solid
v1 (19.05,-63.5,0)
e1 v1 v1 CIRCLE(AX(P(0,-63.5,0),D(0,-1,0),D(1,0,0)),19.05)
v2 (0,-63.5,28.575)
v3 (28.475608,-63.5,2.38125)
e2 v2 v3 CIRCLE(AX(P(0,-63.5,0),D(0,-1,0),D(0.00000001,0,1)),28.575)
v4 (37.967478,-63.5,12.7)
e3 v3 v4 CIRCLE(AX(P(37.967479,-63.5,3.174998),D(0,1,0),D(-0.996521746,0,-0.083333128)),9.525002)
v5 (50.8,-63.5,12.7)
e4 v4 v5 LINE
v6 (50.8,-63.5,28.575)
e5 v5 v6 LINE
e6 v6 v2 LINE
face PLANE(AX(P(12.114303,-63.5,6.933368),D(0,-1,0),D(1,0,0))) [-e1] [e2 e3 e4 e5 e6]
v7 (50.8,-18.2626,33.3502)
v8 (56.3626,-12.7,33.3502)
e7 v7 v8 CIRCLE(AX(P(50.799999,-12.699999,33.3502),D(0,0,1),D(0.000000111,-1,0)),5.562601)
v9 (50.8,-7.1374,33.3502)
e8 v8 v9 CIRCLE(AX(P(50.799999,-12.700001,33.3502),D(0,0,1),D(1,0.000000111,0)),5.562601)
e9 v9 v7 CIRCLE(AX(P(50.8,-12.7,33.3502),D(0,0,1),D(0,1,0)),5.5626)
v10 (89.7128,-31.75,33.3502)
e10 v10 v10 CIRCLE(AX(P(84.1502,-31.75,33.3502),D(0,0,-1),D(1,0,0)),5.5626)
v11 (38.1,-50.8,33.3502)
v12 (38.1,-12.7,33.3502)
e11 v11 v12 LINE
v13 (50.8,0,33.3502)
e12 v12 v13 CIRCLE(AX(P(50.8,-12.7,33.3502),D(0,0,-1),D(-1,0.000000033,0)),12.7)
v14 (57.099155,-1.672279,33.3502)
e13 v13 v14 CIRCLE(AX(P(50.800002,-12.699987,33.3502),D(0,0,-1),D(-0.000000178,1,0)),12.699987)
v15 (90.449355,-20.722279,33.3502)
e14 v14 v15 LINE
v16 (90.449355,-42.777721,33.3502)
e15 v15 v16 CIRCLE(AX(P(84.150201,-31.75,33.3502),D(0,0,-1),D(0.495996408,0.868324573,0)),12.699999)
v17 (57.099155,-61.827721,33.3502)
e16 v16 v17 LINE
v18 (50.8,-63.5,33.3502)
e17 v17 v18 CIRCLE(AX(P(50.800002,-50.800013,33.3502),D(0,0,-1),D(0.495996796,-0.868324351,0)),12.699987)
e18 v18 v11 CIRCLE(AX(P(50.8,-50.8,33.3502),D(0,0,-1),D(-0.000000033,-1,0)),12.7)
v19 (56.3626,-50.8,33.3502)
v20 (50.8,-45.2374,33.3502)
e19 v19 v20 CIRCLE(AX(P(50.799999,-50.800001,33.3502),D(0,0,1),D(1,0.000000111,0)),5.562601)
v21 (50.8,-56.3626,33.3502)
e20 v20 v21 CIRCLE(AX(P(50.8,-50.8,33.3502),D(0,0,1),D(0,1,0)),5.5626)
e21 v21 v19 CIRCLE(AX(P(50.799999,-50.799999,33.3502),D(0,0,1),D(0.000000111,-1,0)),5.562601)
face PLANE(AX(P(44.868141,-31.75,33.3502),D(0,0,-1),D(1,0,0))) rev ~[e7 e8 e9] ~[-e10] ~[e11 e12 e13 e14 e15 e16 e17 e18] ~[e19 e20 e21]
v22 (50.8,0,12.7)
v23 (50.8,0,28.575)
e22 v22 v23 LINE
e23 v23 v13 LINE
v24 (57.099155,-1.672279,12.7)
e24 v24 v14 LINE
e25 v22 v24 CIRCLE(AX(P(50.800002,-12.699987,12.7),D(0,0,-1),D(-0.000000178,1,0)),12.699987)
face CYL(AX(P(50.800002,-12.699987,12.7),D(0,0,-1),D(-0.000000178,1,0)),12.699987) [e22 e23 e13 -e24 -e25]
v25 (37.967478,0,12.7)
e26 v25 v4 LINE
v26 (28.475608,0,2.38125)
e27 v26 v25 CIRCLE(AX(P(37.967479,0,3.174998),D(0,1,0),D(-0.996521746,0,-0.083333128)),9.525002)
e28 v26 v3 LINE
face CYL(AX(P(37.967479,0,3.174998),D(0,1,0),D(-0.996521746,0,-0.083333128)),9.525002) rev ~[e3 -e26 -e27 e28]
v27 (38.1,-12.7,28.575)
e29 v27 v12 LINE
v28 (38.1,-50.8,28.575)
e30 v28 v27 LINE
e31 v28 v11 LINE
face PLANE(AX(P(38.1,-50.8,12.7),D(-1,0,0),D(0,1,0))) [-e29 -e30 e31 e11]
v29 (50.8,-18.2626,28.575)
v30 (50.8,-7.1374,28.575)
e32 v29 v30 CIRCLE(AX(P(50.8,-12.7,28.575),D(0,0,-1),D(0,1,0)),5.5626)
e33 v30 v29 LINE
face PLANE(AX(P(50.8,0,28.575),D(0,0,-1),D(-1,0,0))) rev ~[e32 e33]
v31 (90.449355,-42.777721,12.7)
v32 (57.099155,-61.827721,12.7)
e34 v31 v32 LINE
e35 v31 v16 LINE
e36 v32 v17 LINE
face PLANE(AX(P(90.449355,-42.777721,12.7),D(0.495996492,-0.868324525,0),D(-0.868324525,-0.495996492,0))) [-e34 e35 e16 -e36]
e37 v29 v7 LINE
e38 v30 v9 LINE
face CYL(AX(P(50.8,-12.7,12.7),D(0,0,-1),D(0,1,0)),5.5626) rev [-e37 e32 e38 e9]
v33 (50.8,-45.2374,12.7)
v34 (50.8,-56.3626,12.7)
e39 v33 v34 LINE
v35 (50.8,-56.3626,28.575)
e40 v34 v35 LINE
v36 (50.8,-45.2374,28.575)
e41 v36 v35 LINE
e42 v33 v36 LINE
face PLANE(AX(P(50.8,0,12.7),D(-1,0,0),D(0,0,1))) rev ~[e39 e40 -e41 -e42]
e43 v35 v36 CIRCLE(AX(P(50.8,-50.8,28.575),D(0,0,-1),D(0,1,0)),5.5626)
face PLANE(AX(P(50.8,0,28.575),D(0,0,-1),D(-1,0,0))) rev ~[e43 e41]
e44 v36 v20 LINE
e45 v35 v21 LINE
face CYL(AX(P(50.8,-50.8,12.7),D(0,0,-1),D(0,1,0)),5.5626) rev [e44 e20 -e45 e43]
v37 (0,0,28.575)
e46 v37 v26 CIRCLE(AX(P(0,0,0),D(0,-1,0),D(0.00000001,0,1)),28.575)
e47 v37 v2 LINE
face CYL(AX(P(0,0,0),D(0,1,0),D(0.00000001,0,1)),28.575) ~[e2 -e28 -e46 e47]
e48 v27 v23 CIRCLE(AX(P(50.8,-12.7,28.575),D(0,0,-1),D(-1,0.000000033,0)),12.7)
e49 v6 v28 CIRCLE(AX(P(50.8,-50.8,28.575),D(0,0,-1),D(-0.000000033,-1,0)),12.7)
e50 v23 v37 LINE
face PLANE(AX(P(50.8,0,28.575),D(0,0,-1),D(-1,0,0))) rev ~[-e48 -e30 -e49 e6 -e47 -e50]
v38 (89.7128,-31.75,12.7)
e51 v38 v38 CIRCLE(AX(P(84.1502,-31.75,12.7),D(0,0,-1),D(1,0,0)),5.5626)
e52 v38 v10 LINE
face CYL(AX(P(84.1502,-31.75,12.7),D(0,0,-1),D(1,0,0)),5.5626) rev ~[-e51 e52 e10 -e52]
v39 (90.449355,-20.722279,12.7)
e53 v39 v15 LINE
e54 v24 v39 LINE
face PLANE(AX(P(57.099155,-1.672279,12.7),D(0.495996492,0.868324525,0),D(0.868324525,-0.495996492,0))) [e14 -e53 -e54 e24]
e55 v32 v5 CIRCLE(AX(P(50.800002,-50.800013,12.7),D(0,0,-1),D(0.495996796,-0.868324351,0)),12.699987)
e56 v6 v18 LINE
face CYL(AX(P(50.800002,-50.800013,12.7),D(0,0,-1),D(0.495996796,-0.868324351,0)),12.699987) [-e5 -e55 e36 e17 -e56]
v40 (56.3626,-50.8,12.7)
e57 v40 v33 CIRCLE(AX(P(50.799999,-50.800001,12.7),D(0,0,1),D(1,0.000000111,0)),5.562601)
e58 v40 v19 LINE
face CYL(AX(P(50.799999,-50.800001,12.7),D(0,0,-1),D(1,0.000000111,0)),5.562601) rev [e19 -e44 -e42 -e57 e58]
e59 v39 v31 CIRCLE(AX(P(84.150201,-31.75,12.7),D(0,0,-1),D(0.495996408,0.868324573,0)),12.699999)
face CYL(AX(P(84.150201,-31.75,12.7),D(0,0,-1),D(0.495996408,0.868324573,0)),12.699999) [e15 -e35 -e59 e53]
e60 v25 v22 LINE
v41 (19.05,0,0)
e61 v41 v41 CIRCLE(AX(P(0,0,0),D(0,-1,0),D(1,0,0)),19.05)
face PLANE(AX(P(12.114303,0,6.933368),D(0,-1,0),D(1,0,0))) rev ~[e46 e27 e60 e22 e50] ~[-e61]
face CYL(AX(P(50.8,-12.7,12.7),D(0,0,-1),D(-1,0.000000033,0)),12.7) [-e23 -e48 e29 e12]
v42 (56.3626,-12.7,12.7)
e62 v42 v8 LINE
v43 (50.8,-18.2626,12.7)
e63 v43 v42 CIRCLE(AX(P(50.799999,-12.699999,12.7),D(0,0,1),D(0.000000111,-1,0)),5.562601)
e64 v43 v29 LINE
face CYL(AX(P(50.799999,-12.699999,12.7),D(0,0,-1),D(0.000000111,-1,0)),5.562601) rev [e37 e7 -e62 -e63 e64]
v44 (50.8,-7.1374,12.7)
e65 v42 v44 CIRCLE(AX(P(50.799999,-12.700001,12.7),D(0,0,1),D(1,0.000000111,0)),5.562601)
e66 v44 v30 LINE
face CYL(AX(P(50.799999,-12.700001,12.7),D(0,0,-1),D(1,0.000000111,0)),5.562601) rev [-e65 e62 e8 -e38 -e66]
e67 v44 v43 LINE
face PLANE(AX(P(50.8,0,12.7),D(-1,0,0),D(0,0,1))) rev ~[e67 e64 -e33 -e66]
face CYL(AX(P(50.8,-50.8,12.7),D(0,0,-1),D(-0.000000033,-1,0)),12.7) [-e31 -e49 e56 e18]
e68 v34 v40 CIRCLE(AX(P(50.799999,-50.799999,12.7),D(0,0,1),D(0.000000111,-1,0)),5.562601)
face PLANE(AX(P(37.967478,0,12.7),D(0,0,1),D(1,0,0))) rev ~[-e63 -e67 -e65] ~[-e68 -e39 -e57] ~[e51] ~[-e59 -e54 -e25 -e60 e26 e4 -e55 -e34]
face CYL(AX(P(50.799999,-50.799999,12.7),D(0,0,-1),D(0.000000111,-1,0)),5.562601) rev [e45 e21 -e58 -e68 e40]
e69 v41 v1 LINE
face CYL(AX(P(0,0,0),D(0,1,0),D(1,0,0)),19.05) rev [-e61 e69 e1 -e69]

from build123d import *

# Parameters (mm, degrees)
F0_R     = 19.05
F1_DEPTH = 63.5
F2_R     = 5.5626
F3_DEPTH = 20.6502


with BuildPart() as f1:
    # F0 (on Front) → F1 (new body)
    with BuildSketch(Plane.XZ):
        with BuildLine():
            Line((50.8, 28.575), (0, 28.575))
            ThreePointArc((0, 28.575), (-19.345366, -21.030631), (28.475608, 2.38125))
            ThreePointArc((28.475608, 2.38125), (30.957268, 9.623455), (37.967478, 12.7))
            Line((37.967478, 12.7), (50.8, 12.7))
            Line((50.8, 12.7), (50.8, 28.575))
        make_face()
        Circle(F0_R, mode=Mode.SUBTRACT)
    extrude(amount=F1_DEPTH)

    # F2 (on face) → F3 (join)
    with BuildSketch(Plane(origin=(0, 0, 12.7), x_dir=(1, 0, 0), z_dir=(0, 0, -1))):
        with BuildLine():
            ThreePointArc((50.8, 45.2374), (45.2374, 50.8), (50.8, 56.3626))
            Line((50.8, 56.3626), (50.8, 63.5))
            ThreePointArc((50.8, 63.5), (41.819744, 59.780256), (38.1, 50.8))
            Line((38.1, 50.8), (38.1, 12.7))
            ThreePointArc((38.1, 12.7), (41.819744, 3.719744), (50.8, 0))
            Line((50.8, 0), (50.8, 7.1374))
            ThreePointArc((50.8, 7.1374), (45.2374, 12.7), (50.8, 18.2626))
            Line((50.8, 18.2626), (50.8, 45.2374))
        make_face()
        with BuildLine():
            ThreePointArc((50.8, 56.3626), (54.733352, 54.733352), (56.3626, 50.8))
            ThreePointArc((56.3626, 50.8), (54.733352, 46.866648), (50.8, 45.2374))
            Line((50.8, 45.2374), (50.8, 18.2626))
            ThreePointArc((50.8, 18.2626), (54.733352, 16.633352), (56.3626, 12.7))
            ThreePointArc((56.3626, 12.7), (54.733352, 8.766648), (50.8, 7.1374))
            Line((50.8, 7.1374), (50.8, 0))
            ThreePointArc((50.8, 0), (54.058676, 0.425187), (57.099155, 1.672279))
            Line((57.099155, 1.672279), (90.449355, 20.722279))
            ThreePointArc((90.449355, 20.722279), (96.8502, 31.75), (90.449355, 42.777721))
            Line((90.449355, 42.777721), (57.099155, 61.827721))
            ThreePointArc((57.099155, 61.827721), (54.058676, 63.074813), (50.8, 63.5))
            Line((50.8, 63.5), (50.8, 56.3626))
        make_face()
        with Locations((84.1502, 31.75)):
            Circle(F2_R, mode=Mode.SUBTRACT)
    extrude(amount=-F3_DEPTH)


solid = f1.part
